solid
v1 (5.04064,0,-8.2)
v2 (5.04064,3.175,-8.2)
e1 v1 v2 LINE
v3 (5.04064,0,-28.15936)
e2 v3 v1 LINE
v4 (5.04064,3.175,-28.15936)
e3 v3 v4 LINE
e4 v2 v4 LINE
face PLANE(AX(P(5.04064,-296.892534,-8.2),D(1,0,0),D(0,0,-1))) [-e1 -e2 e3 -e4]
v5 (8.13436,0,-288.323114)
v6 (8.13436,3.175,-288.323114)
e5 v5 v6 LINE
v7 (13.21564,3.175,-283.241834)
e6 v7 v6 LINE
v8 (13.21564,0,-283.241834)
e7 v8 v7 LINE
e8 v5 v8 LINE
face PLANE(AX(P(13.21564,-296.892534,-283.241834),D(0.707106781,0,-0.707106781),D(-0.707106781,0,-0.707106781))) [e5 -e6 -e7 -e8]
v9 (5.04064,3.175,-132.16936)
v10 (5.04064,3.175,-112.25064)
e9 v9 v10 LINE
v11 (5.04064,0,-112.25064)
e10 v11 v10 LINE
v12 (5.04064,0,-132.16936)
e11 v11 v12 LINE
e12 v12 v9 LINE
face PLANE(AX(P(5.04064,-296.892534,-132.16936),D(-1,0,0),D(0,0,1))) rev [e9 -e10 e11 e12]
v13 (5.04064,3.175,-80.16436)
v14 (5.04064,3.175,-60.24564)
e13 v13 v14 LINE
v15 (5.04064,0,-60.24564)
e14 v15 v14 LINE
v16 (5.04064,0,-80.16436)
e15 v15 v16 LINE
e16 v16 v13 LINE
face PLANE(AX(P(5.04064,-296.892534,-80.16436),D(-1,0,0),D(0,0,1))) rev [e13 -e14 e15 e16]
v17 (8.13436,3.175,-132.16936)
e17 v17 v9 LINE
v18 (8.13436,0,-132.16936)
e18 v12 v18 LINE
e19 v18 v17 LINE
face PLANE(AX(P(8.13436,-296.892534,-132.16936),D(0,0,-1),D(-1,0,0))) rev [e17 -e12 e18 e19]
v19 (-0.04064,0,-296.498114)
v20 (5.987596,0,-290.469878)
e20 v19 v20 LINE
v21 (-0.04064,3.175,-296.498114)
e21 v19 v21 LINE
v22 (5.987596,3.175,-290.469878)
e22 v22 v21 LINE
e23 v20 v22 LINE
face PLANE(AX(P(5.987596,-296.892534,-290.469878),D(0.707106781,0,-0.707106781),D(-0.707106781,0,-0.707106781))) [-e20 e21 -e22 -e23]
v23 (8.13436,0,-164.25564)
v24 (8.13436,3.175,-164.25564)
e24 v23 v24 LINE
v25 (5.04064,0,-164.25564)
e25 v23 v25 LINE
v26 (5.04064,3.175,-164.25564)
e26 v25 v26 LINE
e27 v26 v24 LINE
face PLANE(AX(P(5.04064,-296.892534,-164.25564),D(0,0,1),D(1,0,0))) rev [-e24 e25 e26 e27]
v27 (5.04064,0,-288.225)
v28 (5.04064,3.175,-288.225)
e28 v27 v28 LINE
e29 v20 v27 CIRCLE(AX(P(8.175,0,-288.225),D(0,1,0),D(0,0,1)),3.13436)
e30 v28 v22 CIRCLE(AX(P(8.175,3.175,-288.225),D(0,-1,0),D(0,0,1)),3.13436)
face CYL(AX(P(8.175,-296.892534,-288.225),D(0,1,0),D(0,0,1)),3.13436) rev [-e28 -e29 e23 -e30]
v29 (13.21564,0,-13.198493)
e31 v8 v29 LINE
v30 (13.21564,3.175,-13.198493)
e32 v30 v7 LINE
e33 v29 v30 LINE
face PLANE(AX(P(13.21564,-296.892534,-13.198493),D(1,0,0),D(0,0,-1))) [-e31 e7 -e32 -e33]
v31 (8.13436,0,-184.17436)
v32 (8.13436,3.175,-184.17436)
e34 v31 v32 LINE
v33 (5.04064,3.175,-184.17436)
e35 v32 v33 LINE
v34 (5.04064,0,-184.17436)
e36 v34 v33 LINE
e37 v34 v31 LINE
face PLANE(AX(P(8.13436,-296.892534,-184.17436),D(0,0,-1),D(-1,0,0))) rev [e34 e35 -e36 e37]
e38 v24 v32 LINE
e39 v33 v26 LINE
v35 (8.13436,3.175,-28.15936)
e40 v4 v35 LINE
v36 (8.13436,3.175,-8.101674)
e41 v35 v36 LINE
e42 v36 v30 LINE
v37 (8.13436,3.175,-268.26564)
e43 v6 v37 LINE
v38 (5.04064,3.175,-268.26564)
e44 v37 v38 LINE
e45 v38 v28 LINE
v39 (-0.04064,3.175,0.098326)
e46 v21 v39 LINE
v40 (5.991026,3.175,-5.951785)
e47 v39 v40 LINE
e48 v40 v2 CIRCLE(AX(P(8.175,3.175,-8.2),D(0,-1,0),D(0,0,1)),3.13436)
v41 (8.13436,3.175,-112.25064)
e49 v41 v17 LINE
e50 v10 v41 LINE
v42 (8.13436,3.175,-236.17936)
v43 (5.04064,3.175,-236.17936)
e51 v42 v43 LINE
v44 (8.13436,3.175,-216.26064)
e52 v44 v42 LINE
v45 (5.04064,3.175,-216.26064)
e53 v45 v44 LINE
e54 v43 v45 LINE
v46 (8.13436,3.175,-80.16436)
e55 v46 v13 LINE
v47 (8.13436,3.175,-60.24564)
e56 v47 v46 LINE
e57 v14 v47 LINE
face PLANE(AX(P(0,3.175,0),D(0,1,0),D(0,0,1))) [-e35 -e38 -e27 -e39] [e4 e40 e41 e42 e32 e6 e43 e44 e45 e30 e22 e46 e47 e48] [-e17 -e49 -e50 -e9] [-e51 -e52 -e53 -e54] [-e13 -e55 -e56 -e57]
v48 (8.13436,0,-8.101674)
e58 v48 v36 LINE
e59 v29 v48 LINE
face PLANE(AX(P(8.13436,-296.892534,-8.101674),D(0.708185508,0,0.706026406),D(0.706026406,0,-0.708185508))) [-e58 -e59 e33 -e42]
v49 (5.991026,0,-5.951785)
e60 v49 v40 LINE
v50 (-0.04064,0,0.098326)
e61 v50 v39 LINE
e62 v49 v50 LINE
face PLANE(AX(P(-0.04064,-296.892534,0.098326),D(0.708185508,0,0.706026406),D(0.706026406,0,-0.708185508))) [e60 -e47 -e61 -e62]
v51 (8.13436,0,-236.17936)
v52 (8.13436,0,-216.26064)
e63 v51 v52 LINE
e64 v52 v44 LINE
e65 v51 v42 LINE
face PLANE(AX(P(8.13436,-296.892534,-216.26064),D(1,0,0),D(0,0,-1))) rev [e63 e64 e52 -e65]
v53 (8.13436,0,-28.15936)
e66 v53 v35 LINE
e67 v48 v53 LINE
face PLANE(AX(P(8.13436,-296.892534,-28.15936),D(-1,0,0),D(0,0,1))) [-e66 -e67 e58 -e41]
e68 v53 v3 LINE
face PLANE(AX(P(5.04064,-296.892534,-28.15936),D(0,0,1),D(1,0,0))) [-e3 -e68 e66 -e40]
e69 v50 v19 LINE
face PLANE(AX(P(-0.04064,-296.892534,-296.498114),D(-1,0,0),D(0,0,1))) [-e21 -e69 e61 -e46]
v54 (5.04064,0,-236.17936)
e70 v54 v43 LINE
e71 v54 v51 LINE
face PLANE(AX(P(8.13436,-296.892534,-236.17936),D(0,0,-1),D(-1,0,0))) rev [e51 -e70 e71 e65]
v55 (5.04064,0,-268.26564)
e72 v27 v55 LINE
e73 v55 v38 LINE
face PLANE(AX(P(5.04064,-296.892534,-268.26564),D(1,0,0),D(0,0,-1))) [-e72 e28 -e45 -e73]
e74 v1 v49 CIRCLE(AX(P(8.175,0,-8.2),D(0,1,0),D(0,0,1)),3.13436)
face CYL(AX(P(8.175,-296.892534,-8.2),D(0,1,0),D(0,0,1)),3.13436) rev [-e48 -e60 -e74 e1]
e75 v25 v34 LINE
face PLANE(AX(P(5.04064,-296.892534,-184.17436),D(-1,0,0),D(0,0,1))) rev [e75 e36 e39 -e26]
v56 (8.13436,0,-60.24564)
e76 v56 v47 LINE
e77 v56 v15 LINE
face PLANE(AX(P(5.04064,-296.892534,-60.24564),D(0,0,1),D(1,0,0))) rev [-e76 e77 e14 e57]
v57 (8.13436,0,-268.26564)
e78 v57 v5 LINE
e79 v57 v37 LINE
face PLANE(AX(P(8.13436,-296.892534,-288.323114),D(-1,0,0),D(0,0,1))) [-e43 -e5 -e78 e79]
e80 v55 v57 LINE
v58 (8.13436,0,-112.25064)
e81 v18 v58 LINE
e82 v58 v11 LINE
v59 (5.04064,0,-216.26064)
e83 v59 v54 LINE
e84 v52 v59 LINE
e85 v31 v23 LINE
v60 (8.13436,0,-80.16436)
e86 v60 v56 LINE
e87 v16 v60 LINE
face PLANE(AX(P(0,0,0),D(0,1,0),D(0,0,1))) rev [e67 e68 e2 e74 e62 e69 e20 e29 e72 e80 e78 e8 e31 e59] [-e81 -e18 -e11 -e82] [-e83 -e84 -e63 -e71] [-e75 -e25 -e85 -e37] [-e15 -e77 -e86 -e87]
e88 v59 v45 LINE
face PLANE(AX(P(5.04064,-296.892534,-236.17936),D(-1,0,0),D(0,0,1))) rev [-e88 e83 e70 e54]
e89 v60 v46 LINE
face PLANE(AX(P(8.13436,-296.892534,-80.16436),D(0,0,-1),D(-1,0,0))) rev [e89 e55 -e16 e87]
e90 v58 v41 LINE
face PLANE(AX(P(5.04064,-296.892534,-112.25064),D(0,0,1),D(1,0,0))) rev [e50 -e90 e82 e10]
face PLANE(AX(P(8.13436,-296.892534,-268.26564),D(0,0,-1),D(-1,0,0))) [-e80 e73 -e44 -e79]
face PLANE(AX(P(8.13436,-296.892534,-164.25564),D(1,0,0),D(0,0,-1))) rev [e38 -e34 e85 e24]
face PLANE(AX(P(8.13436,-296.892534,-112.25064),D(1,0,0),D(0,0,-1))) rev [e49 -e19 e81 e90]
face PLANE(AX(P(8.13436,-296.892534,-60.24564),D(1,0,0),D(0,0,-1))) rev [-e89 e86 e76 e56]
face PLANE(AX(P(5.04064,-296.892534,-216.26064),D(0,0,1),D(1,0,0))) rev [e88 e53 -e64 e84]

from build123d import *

# Parameters (mm, degrees)
SKETCH1_W           = 3.175
SKETCH1_H           = 20
BOSS_EXTRUDE1_DEPTH = 3.175
SKETCH10_W          = 3.09372
SKETCH10_H          = 19.91872
BOSS_EXTRUDE2_DEPTH = 3.175


with BuildPart() as part:
    # Sketch1 → Boss-Extrude1 (new body)
    with BuildSketch(Plane(origin=(0, 0, 0), x_dir=(1, 0, 0), z_dir=(0, 1, 0))):
        with BuildLine():
            Line((5.92993597, 290.47006403), (0, 296.4))
            Line((0, 296.4), (0, 0))
            Line((0, 0), (5.933366161, 5.951511012))
            ThreePointArc((5.933366161, 5.951511012), (5.242610834, 6.982741285), (5, 8.2))
            Line((5, 8.2), (5, 28.2))
            Line((5, 28.2), (8.175, 28.2))
            Line((8.175, 28.2), (8.175, 8.2))
            Line((8.175, 8.2), (13.175, 13.21529052))
            Line((13.175, 13.21529052), (13.175, 283.225))
            Line((13.175, 283.225), (8.175, 288.225))
            Line((8.175, 288.225), (8.175, 268.225))
            Line((8.175, 268.225), (5, 268.225))
            Line((5, 268.225), (5, 288.225))
            ThreePointArc((5, 288.225), (5.241682484, 289.440019898), (5.92993597, 290.47006403))
        make_face()
        with Locations((6.5875, 70.205)):
            Rectangle(SKETCH1_W, SKETCH1_H, mode=Mode.SUBTRACT)
        with Locations((6.5875, 122.21)):
            Rectangle(SKETCH1_W, SKETCH1_H, mode=Mode.SUBTRACT)
        with Locations((6.5875, 174.215)):
            Rectangle(SKETCH1_W, SKETCH1_H, mode=Mode.SUBTRACT)
        with Locations((6.5875, 226.22)):
            Rectangle(SKETCH1_W, SKETCH1_H, mode=Mode.SUBTRACT)
    extrude(amount=BOSS_EXTRUDE1_DEPTH)

    # Sketch10 → Boss-Extrude2 (add)
    with BuildSketch(Plane(origin=(0, 3.175, 0), x_dir=(1, 0, 0), z_dir=(0, 1, 0))):
        with BuildLine():
            Line((-0.04064, 296.498113639), (-0.04064, -0.098325868))
            Line((-0.04064, -0.098325868), (5.991025757, 5.95178535))
            ThreePointArc((5.991025757, 5.95178535), (5.287996872, 6.979579765), (5.04064, 8.2))
            Line((5.04064, 8.2), (5.04064, 28.15936))
            Line((5.04064, 28.15936), (8.13436, 28.15936))
            Line((8.13436, 28.15936), (8.13436, 8.101674132))
            Line((8.13436, 8.101674132), (13.21564, 13.198493215))
            Line((13.21564, 13.198493215), (13.21564, 283.241833639))
            Line((13.21564, 283.241833639), (8.13436, 288.323113639))
            Line((8.13436, 288.323113639), (8.13436, 268.26564))
            Line((8.13436, 268.26564), (5.04064, 268.26564))
            Line((5.04064, 268.26564), (5.04064, 288.225))
            ThreePointArc((5.04064, 288.225), (5.287066096, 289.443216062), (5.987595917, 290.469877722))
            Line((5.987595917, 290.469877722), (-0.04064, 296.498113639))
        make_face()
        with Locations((6.5875, 226.22)):
            Rectangle(SKETCH10_W, SKETCH10_H, mode=Mode.SUBTRACT)
        with Locations((6.5875, 174.215)):
            Rectangle(SKETCH10_W, SKETCH10_H, mode=Mode.SUBTRACT)
        with Locations((6.5875, 122.21)):
            Rectangle(SKETCH10_W, SKETCH10_H, mode=Mode.SUBTRACT)
        with Locations((6.5875, 70.205)):
            Rectangle(SKETCH10_W, SKETCH10_H, mode=Mode.SUBTRACT)
    extrude(amount=-BOSS_EXTRUDE2_DEPTH)


solid = part.part
